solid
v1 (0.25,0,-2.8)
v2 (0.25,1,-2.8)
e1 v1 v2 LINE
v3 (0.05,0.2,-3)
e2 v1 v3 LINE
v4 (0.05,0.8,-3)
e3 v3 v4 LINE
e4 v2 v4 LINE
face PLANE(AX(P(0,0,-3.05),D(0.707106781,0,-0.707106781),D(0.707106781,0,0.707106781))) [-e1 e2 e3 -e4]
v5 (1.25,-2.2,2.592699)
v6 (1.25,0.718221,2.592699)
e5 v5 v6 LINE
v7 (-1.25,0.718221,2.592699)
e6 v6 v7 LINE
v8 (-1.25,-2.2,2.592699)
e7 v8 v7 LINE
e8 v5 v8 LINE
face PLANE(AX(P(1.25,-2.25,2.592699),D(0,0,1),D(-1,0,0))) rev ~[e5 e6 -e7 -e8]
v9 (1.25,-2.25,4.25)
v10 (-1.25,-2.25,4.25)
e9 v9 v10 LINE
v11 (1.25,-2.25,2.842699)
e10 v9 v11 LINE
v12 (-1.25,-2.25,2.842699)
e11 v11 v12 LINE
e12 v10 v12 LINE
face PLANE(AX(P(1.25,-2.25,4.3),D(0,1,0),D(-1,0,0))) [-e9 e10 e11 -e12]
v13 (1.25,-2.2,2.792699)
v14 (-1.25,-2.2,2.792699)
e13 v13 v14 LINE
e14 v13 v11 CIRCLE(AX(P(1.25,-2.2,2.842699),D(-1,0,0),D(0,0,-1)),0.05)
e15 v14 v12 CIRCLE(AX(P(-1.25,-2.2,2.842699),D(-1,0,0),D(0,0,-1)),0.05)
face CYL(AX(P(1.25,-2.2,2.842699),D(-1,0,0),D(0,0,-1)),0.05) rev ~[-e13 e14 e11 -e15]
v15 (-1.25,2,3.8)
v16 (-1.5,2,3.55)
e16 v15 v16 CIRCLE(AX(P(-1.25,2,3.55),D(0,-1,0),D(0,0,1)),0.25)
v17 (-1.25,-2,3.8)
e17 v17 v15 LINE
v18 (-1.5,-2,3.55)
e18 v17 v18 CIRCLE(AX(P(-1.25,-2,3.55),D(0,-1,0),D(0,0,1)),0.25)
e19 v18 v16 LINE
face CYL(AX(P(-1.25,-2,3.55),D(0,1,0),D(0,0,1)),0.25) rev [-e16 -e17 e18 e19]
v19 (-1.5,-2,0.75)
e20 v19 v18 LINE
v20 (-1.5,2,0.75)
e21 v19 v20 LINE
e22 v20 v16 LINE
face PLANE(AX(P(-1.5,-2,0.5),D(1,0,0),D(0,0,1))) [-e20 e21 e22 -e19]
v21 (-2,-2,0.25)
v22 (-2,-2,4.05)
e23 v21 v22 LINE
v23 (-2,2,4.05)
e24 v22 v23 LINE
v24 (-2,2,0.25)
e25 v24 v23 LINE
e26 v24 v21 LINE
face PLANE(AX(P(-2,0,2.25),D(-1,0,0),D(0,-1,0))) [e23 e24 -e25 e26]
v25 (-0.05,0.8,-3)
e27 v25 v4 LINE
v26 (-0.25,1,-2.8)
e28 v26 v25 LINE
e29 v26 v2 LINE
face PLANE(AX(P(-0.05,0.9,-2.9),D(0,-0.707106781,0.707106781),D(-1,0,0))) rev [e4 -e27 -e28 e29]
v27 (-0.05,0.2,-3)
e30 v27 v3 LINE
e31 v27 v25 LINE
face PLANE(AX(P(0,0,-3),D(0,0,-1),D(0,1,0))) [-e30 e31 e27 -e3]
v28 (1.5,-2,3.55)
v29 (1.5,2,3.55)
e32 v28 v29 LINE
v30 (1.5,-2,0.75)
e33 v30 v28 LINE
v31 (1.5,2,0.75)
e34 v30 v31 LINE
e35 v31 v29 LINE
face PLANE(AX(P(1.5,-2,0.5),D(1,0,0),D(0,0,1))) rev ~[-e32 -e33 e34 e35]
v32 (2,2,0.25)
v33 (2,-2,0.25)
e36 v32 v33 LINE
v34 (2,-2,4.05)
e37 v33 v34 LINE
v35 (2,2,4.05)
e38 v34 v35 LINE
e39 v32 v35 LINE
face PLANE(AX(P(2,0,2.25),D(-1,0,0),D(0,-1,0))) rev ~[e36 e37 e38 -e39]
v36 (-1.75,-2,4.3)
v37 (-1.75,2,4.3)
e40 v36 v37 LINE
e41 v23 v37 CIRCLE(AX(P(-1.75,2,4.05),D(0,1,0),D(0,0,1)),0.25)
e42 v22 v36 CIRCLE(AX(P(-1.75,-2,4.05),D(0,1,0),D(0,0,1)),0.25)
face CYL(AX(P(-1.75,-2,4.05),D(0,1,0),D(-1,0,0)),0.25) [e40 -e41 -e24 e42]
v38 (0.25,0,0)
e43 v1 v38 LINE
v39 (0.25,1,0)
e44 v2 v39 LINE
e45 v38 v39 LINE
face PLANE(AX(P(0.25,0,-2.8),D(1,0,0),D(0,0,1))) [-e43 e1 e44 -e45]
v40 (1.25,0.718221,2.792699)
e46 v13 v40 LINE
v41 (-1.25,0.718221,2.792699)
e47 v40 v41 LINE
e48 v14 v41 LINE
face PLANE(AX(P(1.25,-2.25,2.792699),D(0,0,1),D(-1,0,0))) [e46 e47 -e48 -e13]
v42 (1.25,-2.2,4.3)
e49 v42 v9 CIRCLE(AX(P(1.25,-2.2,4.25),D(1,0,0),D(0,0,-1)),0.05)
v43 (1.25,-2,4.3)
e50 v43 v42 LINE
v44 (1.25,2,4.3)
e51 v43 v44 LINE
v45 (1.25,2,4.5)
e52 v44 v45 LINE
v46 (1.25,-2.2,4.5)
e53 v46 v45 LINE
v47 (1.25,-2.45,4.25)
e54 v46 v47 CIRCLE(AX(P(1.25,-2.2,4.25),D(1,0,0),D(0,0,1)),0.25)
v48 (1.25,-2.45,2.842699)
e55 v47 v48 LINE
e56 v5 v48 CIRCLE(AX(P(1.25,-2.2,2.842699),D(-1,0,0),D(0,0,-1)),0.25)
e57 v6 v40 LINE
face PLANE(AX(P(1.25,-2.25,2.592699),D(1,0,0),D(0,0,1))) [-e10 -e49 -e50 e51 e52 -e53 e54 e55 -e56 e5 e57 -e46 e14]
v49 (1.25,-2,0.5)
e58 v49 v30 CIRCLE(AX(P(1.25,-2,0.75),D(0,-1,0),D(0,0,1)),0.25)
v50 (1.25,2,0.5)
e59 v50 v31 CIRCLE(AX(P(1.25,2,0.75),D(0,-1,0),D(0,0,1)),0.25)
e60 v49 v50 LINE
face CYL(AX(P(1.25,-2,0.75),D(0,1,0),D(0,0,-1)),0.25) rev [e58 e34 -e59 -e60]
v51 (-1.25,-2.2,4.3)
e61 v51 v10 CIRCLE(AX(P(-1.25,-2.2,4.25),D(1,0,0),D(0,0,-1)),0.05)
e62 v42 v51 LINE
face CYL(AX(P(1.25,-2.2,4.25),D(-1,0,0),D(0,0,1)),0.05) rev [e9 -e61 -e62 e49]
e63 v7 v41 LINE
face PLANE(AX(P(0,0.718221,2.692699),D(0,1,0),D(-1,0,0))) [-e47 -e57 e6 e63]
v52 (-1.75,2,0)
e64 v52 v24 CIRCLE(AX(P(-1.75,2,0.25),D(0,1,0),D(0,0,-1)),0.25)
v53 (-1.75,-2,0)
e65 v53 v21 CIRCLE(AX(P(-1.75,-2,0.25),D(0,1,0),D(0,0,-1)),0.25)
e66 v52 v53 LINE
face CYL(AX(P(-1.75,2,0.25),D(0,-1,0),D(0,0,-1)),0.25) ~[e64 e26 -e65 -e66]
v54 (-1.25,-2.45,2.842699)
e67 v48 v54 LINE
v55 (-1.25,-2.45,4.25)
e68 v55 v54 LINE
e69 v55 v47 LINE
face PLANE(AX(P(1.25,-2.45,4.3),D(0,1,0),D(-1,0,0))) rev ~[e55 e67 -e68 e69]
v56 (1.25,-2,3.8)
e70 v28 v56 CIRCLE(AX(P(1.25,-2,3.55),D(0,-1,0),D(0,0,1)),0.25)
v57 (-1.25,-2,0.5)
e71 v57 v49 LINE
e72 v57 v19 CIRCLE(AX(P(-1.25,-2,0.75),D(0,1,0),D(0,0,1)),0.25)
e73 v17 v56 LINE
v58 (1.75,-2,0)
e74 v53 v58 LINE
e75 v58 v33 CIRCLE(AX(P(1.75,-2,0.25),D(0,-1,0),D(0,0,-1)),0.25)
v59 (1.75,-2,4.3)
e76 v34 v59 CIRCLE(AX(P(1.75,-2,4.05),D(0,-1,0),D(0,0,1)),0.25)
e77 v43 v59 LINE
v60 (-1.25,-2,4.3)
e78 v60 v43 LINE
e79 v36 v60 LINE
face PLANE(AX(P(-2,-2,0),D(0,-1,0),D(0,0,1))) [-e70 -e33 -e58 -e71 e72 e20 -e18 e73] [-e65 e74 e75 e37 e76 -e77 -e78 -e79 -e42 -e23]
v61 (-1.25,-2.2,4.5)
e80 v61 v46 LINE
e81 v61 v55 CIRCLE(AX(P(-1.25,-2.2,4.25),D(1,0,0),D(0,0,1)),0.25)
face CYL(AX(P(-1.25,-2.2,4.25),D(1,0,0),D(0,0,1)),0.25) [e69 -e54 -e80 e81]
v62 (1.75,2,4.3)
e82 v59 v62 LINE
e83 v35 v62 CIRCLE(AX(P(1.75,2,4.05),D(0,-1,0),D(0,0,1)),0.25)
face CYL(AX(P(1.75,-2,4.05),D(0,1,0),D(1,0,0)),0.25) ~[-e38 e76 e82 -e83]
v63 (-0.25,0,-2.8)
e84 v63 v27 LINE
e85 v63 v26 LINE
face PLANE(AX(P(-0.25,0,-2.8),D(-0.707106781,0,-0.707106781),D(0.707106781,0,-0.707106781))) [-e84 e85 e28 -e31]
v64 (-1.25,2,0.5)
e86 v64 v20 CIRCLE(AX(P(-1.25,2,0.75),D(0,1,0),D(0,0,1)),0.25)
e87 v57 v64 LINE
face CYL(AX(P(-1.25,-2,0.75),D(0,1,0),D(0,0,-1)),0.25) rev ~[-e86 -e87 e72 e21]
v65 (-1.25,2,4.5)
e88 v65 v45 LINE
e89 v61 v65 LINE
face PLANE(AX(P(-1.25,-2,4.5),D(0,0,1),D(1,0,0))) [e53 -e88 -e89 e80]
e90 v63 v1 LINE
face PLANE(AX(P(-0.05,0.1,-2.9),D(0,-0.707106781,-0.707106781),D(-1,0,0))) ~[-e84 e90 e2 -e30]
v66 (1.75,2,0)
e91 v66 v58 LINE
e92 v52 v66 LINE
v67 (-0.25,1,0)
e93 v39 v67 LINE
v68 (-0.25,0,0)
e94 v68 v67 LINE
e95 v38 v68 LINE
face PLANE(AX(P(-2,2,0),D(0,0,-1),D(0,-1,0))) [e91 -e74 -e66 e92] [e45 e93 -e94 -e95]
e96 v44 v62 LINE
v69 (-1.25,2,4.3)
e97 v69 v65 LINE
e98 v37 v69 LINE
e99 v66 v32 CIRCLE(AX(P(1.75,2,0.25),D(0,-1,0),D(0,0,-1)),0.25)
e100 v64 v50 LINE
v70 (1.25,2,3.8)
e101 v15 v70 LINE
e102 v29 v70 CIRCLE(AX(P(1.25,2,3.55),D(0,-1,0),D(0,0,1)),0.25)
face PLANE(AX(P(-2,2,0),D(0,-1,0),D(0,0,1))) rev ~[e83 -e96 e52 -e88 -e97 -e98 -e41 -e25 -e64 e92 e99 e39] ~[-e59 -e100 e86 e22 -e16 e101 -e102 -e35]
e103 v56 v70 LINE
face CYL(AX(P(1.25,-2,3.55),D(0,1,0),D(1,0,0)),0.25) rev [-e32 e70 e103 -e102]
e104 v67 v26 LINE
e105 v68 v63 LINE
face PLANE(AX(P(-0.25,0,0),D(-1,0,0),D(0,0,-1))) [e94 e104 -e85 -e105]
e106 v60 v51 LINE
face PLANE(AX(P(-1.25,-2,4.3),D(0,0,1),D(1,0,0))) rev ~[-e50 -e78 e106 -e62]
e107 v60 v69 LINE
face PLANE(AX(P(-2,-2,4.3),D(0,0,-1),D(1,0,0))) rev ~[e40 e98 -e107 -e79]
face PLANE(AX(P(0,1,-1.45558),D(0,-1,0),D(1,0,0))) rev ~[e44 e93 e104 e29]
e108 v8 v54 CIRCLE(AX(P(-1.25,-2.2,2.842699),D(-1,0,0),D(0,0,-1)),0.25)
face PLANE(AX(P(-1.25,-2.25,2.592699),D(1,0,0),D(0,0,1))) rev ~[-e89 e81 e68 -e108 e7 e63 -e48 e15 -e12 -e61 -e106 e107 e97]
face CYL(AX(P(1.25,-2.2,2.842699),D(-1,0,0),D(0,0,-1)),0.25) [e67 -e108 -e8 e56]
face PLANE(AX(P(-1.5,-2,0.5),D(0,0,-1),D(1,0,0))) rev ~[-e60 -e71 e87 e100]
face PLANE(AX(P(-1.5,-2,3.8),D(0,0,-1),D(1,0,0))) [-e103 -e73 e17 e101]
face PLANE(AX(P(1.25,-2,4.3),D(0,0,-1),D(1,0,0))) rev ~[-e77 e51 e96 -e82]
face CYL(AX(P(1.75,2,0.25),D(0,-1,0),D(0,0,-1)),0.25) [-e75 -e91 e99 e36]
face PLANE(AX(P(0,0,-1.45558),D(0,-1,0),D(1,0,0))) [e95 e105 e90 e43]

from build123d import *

# Parameters (mm, degrees)
SKETCH_1_W          = 4
SKETCH_1_H          = 4.5
EXTRUDE_1_DEPTH     = 4
SKETCH_2_W          = 0.75
SKETCH_2_H          = 0.2
CUT_EXTRUDE_1_DEPTH = 7.34428877
SKETCH_3_W          = 0.75
SKETCH_3_H          = 0.2
CUT_EXTRUDE_2_DEPTH = 4
SKETCH_4_W          = 2.5
SKETCH_4_H          = 0.2
EXTRUDE_2_DEPTH     = 0.45
SKETCH_5_W          = 2.5
SKETCH_5_H          = 0.2
EXTRUDE_3_DEPTH     = 1.707300918
SKETCH_6_W          = 3
SKETCH_6_H          = 3.3
CUT_EXTRUDE_3_DEPTH = 7.34428877
SKETCH_7_W          = 2.5
SKETCH_7_H          = 0.2
EXTRUDE_4_DEPTH     = 2.968221289
EXTRUDE_5_DEPTH     = 1
CHAMFER_1_SIZE      = 0.070710678
FILLET_1_R          = 0.05
CHAMFER_2_SIZE      = 0.2
FILLET_2_R          = 0.25


with BuildPart() as part:
    # Эскиз1 → Бобышка-Вытянуть1 (new body)
    with BuildSketch(Plane(origin=(-2, 0, 0), x_dir=(0, -1, 0), z_dir=(-1, 0, 0))):
        with Locations((0, 2.25)):
            Rectangle(SKETCH_1_W, SKETCH_1_H)
    extrude(amount=-EXTRUDE_1_DEPTH)

    # Эскиз2 → Вырез-Вытянуть1 (cut, through all)
    with BuildSketch(Plane.XZ.offset(2)):
        with Locations((-1.625, 4.4)):
            Rectangle(SKETCH_2_W, SKETCH_2_H)
    extrude(amount=-CUT_EXTRUDE_1_DEPTH, mode=Mode.SUBTRACT)

    # Эскиз3 → Вырез-Вытянуть2 (cut)
    with BuildSketch(Plane.XZ.offset(2)):
        with Locations((1.625, 4.4)):
            Rectangle(SKETCH_3_W, SKETCH_3_H)
    extrude(amount=-CUT_EXTRUDE_2_DEPTH, mode=Mode.SUBTRACT)

    # Эскиз4 → Бобышка-Вытянуть2 (add)
    with BuildSketch(Plane.XZ.offset(2)):
        with Locations((0, 4.4)):
            Rectangle(SKETCH_4_W, SKETCH_4_H)
    extrude(amount=EXTRUDE_2_DEPTH)

    # Эскиз5 → Бобышка-Вытянуть3 (add)
    with BuildSketch(Plane(origin=(0, 0, 4.3), x_dir=(-1, 0, 0), z_dir=(0, 0, -1))):
        with Locations((0, -2.35)):
            Rectangle(SKETCH_5_W, SKETCH_5_H)
    extrude(amount=EXTRUDE_3_DEPTH)

    # Эскиз6 → Вырез-Вытянуть3 (cut, through all)
    with BuildSketch(Plane.XZ.offset(2)):
        with Locations((0, 2.15)):
            Rectangle(SKETCH_6_W, SKETCH_6_H)
    extrude(amount=-CUT_EXTRUDE_3_DEPTH, mode=Mode.SUBTRACT)

    # Эскиз7 → Бобышка-Вытянуть4 (add)
    with BuildSketch(Plane(origin=(0, -2.25, 0), x_dir=(-1, 0, 0), z_dir=(0, 1, 0))):
        with Locations((0, 2.692699082)):
            Rectangle(SKETCH_7_W, SKETCH_7_H)
    extrude(amount=EXTRUDE_4_DEPTH)

    # Эскиз8 → Бобышка-Вытянуть5 (add)
    with BuildSketch(Plane.XZ):
        Polygon((-0.25, 0), (-0.25, -2.8), (0, -3.05), (0.25, -2.8), (0.25, 0), align=None)
    extrude(amount=-EXTRUDE_5_DEPTH)

    # Фаска1
    chamfer_1_edges = [part.edges().sort_by_distance(p)[0] for p in [
        (0, 0.5, -3.05),
    ]]
    chamfer(chamfer_1_edges, length=CHAMFER_1_SIZE)

    # Скругление1
    fillet_1_edges = [part.edges().sort_by_distance(p)[0] for p in [
        (0, -2.25, 4.3),
        (0, -2.25, 2.792699082),
    ]]
    fillet(fillet_1_edges, radius=FILLET_1_R)

    # Фаска2
    chamfer_2_edges = [part.edges().sort_by_distance(p)[0] for p in [
        (0, 1, -3),
        (0, 0, -3),
    ]]
    chamfer(chamfer_2_edges, length=CHAMFER_2_SIZE)

    # Скругление2
    fillet_2_edges = [part.edges().sort_by_distance(p)[0] for p in [
        (2, 0, 0),
        (-2, 0, 4.3),
        (2, 0, 4.3),
        (0, -2.45, 4.5),
        (-2, 0, 0),
        (0, -2.45, 2.592699082),
        (-1.5, 0, 0.5),
        (-1.5, 0, 3.8),
        (1.5, 0, 3.8),
        (1.5, 0, 0.5),
    ]]
    fillet(fillet_2_edges, radius=FILLET_2_R)


solid = part.part
